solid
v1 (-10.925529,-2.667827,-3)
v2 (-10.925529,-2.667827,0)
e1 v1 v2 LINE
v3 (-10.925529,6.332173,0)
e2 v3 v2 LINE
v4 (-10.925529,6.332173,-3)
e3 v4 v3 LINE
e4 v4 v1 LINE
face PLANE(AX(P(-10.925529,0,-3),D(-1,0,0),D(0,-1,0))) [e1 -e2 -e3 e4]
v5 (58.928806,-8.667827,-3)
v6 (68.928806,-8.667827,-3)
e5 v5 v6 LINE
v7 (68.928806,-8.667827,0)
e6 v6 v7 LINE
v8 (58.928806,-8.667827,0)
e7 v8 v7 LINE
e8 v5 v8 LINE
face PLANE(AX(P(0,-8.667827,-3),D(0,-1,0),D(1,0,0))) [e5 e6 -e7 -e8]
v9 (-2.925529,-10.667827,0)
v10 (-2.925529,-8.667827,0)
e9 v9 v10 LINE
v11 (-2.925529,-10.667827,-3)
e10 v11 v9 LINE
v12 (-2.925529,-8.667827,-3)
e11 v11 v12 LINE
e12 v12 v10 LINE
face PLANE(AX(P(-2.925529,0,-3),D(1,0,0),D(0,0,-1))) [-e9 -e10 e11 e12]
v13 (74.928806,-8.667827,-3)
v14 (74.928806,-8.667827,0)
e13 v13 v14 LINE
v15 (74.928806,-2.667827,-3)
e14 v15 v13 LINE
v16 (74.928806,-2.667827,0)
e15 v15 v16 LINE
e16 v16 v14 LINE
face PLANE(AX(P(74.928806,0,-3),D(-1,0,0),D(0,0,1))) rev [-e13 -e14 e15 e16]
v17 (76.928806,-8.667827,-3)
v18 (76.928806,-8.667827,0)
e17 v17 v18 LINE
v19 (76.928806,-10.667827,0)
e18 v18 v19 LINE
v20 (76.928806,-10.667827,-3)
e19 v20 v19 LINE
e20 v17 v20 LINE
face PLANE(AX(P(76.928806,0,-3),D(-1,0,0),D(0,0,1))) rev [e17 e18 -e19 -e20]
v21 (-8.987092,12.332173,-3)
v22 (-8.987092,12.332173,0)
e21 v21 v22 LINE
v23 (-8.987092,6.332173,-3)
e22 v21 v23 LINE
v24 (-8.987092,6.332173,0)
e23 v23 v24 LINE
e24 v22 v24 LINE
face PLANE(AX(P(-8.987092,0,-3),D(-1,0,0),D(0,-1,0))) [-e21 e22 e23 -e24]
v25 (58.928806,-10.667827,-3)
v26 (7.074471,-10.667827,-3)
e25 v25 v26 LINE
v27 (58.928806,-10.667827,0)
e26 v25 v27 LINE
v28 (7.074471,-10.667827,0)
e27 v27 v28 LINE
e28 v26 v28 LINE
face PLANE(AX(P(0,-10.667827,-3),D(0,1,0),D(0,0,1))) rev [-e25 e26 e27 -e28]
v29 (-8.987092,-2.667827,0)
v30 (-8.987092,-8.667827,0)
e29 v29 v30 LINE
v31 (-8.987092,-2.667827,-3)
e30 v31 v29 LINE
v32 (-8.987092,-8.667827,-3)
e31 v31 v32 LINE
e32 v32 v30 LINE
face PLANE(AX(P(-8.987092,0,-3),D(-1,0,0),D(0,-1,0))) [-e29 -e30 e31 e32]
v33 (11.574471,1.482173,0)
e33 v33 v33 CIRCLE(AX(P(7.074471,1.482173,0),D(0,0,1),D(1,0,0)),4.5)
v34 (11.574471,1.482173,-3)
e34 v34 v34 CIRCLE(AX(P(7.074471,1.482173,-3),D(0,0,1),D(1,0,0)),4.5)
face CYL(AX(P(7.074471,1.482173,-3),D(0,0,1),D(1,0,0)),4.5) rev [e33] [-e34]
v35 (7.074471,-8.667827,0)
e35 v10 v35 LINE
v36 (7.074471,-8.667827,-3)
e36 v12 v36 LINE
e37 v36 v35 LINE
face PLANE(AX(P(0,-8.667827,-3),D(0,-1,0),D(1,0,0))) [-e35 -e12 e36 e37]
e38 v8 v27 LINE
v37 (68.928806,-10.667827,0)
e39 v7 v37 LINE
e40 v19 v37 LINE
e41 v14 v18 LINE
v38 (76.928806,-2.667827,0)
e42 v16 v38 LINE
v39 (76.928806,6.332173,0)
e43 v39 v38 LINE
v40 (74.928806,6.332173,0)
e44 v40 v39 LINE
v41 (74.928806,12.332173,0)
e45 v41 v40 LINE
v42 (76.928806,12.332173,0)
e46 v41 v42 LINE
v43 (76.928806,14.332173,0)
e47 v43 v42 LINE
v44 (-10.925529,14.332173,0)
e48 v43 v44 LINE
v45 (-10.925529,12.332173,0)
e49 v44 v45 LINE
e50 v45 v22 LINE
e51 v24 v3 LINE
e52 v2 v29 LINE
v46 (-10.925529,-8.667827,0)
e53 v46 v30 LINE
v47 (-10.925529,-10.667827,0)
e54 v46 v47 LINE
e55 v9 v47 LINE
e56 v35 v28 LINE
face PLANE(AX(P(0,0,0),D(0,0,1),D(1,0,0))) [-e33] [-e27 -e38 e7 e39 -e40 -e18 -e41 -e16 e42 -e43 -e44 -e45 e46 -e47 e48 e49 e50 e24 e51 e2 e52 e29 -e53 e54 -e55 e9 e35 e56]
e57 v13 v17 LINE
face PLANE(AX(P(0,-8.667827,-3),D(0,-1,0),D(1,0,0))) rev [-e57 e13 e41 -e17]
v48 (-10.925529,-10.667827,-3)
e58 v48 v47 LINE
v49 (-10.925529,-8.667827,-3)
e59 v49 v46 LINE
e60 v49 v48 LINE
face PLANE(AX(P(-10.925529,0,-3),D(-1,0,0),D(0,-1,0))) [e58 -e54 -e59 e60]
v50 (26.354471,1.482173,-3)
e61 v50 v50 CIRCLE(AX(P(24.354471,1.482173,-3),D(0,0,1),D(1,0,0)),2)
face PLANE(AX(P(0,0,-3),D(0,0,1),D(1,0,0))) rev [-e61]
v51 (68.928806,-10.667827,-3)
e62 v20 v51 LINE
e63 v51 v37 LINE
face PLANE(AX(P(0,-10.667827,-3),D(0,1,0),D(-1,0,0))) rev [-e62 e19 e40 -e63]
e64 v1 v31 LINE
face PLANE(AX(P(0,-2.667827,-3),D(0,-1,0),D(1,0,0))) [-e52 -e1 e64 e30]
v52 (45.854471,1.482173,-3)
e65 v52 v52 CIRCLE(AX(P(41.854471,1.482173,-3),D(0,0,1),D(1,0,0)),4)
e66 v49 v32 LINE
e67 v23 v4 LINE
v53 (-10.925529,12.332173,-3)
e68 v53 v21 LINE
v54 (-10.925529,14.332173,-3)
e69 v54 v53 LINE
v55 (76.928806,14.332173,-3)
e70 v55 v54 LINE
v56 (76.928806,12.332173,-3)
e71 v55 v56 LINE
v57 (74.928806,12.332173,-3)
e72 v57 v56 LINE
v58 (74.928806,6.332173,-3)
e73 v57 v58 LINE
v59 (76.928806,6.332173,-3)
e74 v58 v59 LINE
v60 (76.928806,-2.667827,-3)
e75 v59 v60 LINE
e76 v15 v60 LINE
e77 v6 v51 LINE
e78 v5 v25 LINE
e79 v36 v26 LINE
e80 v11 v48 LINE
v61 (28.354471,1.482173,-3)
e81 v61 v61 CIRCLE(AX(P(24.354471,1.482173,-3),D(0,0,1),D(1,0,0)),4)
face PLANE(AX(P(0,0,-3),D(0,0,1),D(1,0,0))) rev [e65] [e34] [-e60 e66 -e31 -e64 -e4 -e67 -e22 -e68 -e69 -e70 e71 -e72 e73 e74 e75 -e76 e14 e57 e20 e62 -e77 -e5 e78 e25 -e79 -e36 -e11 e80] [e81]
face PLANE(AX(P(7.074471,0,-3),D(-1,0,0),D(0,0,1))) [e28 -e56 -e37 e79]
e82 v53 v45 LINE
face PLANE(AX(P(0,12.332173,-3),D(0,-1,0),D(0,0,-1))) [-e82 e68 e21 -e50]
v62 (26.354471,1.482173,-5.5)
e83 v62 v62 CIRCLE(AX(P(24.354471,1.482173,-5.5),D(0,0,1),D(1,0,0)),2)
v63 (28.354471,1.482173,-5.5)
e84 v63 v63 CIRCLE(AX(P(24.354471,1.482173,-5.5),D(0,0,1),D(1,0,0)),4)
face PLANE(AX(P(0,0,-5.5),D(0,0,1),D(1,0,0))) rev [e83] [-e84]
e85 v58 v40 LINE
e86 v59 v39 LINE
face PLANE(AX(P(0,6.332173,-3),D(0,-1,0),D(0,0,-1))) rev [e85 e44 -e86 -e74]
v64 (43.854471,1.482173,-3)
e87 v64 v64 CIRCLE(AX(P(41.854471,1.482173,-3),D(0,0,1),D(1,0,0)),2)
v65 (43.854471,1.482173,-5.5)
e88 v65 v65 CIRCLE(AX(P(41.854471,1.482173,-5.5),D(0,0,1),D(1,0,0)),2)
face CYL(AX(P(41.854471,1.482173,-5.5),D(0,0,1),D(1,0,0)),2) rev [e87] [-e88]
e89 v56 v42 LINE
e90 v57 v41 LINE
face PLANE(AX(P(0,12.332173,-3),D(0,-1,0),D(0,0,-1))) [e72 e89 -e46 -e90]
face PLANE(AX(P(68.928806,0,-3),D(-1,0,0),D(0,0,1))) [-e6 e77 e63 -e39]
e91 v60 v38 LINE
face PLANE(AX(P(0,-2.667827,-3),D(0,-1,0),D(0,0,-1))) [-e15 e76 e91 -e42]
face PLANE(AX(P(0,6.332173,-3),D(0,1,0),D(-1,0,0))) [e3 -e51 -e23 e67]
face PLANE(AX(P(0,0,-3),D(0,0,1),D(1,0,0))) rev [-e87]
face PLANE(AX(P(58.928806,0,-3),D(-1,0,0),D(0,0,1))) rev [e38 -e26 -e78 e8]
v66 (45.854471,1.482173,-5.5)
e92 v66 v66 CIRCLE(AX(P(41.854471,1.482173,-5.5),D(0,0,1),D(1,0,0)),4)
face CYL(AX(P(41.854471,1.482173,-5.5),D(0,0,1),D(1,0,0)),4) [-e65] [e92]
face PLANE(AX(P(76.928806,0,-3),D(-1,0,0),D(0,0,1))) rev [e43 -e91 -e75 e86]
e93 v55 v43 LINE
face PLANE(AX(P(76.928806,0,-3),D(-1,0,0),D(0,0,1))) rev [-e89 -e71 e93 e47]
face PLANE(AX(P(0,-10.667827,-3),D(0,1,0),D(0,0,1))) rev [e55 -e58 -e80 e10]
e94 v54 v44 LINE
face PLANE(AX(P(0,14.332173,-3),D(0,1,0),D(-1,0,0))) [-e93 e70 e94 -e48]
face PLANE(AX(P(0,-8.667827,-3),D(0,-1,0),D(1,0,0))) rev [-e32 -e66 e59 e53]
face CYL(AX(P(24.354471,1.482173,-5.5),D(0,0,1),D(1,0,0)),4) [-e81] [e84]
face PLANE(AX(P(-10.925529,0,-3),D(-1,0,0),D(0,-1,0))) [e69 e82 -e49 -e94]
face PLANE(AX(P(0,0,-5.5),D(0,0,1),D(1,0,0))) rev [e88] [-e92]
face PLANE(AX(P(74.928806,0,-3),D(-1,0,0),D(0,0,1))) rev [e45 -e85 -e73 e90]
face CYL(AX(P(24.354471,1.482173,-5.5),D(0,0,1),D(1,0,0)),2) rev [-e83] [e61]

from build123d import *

# Parameters (mm, degrees)
ESBO_O1_R                = 4.5
RESSALTO_EXTRUS_O1_DEPTH = 3
ESBO_O1_9_R              = 4
ESBO_O1_9_R_2            = 2
RESSALTO_EXTRUS_O2_DEPTH = 5.5


with BuildPart() as part:
    # Esboço1 → Ressalto-extrusão1 (new body)
    with BuildSketch(Plane.XY):
        Polygon((7.074470574, -10.667826967), (58.928805727, -10.667826967), (58.928805727, -8.667826967), (68.928805727, -8.667826967), (68.928805727, -10.667826967), (76.928805727, -10.667826967), (76.928805727, -8.667826967), (74.928805727, -8.667826967), (74.928805727, -2.667826967), (76.928805727, -2.667826967), (76.928805727, 6.332173033), (74.928805727, 6.332173033), (74.928805727, 12.332173033), (76.928805727, 12.332173033), (76.928805727, 14.332173033), (-10.925529426, 14.332173033), (-10.925529426, 12.332173033), (-8.987091583, 12.332173033), (-8.987091583, 6.332173033), (-10.925529426, 6.332173033), (-10.925529426, -2.667826967), (-8.987091583, -2.667826967), (-8.987091583, -8.667826967), (-10.925529426, -8.667826967), (-10.925529426, -10.667826967), (-2.925529426, -10.667826967), (-2.925529426, -8.667826967), (7.074470574, -8.667826967), align=None)
        with Locations((7.074470574, 1.482173033)):
            Circle(ESBO_O1_R, mode=Mode.SUBTRACT)
    extrude(amount=-RESSALTO_EXTRUS_O1_DEPTH)

    # Esboço1<9> → Ressalto-extrusão2 (add)
    # profile 1 of 2: a face of its own
    with BuildSketch(Plane.XY):
        with Locations((24.354470574, 1.482173033)):
            Circle(ESBO_O1_9_R)
        with Locations((24.354470574, 1.482173033)):
            Circle(ESBO_O1_9_R_2, mode=Mode.SUBTRACT)
    # profile 2 of 2: a face of its own
    with BuildSketch(Plane.XY):
        with Locations((41.854470574, 1.482173033)):
            Circle(ESBO_O1_9_R)
        with Locations((41.854470574, 1.482173033)):
            Circle(ESBO_O1_9_R_2, mode=Mode.SUBTRACT)
    extrude(amount=-RESSALTO_EXTRUS_O2_DEPTH)


solid = part.part
